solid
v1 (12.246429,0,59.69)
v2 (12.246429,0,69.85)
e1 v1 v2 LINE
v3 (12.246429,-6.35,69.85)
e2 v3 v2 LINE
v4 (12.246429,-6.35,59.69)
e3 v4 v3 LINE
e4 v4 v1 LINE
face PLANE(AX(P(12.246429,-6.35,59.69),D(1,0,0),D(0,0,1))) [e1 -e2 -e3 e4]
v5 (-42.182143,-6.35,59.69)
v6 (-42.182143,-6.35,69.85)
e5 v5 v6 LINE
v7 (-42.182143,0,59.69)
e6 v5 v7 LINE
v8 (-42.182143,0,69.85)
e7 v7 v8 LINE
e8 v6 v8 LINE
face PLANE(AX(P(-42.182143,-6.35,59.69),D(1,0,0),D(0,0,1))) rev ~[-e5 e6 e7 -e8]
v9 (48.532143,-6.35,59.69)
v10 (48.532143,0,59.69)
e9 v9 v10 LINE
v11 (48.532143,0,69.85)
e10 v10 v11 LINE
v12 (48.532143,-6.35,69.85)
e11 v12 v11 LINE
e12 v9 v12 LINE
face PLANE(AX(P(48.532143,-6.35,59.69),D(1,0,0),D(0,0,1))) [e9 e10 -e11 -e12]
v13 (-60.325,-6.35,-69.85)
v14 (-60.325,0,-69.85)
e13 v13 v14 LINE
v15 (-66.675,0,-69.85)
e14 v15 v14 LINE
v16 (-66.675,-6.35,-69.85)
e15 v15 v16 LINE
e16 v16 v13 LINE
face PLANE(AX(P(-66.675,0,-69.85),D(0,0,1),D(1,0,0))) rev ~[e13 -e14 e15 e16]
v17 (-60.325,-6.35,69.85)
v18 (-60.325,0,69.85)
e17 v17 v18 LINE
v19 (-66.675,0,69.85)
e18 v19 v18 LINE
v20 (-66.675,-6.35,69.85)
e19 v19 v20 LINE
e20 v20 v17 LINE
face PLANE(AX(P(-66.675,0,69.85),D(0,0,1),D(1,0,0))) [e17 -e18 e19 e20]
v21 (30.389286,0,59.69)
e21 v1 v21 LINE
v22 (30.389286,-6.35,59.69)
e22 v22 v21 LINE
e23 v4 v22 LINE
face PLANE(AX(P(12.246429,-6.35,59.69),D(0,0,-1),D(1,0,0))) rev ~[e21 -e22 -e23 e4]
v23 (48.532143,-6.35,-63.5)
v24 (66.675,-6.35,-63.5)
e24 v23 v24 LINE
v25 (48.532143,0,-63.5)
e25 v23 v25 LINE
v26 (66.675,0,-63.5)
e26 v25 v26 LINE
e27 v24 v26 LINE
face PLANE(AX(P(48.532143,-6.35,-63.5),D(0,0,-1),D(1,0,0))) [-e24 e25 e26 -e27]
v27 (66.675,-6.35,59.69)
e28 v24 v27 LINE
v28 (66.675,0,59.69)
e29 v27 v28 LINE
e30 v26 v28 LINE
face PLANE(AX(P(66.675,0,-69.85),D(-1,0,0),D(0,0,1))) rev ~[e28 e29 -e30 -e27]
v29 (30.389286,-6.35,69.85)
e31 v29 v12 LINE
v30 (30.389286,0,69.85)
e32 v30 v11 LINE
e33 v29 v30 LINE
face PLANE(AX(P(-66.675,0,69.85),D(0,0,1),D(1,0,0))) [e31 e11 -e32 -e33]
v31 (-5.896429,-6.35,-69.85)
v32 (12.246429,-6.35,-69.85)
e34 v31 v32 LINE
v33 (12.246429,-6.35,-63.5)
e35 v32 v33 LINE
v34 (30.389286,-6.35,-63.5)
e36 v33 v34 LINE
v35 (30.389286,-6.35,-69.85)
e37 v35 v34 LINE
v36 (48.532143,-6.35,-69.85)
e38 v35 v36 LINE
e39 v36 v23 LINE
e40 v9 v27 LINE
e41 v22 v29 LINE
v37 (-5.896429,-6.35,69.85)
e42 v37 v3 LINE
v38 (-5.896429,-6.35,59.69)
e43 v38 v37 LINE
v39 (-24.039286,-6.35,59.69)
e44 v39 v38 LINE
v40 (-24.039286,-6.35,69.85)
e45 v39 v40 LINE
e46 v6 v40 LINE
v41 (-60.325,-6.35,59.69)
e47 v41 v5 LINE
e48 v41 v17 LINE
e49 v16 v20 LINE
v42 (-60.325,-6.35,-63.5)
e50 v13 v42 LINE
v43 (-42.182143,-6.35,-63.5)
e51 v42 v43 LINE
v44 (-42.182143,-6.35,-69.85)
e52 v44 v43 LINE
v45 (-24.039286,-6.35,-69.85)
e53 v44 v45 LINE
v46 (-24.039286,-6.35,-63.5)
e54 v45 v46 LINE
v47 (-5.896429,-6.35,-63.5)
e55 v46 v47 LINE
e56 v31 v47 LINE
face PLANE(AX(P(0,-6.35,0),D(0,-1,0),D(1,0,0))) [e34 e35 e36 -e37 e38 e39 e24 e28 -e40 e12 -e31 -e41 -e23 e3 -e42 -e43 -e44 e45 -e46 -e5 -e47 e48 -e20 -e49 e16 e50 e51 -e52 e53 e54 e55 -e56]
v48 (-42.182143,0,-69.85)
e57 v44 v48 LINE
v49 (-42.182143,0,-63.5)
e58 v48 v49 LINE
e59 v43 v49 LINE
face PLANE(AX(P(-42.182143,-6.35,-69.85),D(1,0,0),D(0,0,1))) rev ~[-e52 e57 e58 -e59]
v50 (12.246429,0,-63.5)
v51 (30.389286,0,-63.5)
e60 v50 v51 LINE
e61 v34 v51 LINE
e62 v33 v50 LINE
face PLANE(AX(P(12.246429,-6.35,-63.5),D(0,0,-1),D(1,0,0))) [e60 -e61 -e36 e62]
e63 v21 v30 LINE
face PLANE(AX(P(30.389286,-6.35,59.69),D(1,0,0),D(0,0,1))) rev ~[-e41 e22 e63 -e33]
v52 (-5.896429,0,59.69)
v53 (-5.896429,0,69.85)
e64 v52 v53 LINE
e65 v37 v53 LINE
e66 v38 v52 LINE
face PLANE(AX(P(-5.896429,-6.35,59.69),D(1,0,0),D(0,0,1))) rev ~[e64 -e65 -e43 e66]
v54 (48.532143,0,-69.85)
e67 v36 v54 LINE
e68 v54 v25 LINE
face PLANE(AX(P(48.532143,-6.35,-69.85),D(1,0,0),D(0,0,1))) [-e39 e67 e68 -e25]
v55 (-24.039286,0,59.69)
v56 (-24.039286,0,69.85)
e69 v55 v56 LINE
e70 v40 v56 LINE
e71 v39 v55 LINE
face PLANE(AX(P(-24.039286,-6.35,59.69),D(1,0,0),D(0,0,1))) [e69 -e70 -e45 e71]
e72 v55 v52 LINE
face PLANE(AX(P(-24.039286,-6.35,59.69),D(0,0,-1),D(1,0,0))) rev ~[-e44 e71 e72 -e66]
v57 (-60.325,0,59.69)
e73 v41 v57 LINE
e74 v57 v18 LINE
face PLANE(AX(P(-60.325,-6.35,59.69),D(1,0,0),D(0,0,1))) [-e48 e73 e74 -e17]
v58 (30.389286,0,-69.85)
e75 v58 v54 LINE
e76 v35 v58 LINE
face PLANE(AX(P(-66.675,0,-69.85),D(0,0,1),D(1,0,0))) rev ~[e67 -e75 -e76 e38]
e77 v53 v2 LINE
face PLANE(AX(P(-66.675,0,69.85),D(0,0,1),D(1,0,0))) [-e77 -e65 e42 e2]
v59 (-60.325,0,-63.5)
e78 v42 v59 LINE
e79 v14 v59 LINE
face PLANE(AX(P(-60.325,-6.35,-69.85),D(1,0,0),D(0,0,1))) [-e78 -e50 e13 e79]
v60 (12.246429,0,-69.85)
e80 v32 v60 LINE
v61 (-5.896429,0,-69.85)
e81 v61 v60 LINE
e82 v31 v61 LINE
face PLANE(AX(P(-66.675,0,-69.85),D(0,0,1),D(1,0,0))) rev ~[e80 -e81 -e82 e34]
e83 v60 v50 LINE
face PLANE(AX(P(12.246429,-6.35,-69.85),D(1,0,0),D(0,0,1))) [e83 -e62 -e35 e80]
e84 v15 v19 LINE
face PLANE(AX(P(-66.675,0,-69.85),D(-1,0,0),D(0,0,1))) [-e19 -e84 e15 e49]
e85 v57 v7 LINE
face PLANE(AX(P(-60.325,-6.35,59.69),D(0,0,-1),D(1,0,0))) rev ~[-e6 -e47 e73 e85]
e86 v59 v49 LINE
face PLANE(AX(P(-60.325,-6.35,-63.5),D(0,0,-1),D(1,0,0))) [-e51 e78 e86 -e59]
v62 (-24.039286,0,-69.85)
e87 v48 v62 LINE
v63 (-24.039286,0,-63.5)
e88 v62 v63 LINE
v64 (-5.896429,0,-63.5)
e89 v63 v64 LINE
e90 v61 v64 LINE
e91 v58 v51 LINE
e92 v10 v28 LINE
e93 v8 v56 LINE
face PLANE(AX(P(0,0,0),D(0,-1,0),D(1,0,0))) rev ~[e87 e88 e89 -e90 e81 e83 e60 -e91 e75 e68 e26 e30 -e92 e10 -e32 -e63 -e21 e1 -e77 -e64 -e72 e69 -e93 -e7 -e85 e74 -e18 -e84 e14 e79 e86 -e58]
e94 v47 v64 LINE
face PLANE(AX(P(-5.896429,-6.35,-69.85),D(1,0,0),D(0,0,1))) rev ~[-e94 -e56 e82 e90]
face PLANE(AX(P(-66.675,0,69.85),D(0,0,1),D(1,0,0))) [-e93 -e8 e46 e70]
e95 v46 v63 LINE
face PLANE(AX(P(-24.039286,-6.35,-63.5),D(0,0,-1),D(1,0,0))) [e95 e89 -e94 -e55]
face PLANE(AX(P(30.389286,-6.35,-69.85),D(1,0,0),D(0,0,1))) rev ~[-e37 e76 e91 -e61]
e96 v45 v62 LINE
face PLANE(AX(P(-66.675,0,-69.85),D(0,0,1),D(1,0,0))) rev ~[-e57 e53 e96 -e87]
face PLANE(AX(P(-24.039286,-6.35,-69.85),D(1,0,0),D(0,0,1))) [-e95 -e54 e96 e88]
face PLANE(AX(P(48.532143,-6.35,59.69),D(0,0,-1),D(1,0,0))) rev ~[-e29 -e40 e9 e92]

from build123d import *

# Parameters (mm, degrees)
F0_W     = 133.35
F0_H     = 139.7
F1_DEPTH = 6.35
F2_W     = 18.1428571429
F2_H     = 10.16
F2_H_2   = 6.35
F3_DEPTH = 25.4


with BuildPart() as f1:
    # F0 (on Front) → F1 (new body)
    with BuildSketch(Plane.XZ):
        Rectangle(F0_W, F0_H)
    extrude(amount=F1_DEPTH)

    # F2 (on face) → F3 (cut)
    with BuildSketch(Plane.XZ.offset(6.35)):
        with Locations((57.6035714286, 64.77)):
            Rectangle(F2_W, F2_H)
        with Locations((-51.2535714286, 64.77)):
            Rectangle(F2_W, F2_H)
        with Locations((-14.9678571429, 64.77)):
            Rectangle(F2_W, F2_H)
        with Locations((21.3178571429, 64.77)):
            Rectangle(F2_W, F2_H)
        with Locations((-51.2535714286, -66.675)):
            Rectangle(F2_W, F2_H_2)
        with Locations((-14.9678571429, -66.675)):
            Rectangle(F2_W, F2_H_2)
        with Locations((21.3178571429, -66.675)):
            Rectangle(F2_W, F2_H_2)
        with Locations((57.6035714286, -66.675)):
            Rectangle(F2_W, F2_H_2)
    extrude(amount=-F3_DEPTH, mode=Mode.SUBTRACT)


solid = f1.part
